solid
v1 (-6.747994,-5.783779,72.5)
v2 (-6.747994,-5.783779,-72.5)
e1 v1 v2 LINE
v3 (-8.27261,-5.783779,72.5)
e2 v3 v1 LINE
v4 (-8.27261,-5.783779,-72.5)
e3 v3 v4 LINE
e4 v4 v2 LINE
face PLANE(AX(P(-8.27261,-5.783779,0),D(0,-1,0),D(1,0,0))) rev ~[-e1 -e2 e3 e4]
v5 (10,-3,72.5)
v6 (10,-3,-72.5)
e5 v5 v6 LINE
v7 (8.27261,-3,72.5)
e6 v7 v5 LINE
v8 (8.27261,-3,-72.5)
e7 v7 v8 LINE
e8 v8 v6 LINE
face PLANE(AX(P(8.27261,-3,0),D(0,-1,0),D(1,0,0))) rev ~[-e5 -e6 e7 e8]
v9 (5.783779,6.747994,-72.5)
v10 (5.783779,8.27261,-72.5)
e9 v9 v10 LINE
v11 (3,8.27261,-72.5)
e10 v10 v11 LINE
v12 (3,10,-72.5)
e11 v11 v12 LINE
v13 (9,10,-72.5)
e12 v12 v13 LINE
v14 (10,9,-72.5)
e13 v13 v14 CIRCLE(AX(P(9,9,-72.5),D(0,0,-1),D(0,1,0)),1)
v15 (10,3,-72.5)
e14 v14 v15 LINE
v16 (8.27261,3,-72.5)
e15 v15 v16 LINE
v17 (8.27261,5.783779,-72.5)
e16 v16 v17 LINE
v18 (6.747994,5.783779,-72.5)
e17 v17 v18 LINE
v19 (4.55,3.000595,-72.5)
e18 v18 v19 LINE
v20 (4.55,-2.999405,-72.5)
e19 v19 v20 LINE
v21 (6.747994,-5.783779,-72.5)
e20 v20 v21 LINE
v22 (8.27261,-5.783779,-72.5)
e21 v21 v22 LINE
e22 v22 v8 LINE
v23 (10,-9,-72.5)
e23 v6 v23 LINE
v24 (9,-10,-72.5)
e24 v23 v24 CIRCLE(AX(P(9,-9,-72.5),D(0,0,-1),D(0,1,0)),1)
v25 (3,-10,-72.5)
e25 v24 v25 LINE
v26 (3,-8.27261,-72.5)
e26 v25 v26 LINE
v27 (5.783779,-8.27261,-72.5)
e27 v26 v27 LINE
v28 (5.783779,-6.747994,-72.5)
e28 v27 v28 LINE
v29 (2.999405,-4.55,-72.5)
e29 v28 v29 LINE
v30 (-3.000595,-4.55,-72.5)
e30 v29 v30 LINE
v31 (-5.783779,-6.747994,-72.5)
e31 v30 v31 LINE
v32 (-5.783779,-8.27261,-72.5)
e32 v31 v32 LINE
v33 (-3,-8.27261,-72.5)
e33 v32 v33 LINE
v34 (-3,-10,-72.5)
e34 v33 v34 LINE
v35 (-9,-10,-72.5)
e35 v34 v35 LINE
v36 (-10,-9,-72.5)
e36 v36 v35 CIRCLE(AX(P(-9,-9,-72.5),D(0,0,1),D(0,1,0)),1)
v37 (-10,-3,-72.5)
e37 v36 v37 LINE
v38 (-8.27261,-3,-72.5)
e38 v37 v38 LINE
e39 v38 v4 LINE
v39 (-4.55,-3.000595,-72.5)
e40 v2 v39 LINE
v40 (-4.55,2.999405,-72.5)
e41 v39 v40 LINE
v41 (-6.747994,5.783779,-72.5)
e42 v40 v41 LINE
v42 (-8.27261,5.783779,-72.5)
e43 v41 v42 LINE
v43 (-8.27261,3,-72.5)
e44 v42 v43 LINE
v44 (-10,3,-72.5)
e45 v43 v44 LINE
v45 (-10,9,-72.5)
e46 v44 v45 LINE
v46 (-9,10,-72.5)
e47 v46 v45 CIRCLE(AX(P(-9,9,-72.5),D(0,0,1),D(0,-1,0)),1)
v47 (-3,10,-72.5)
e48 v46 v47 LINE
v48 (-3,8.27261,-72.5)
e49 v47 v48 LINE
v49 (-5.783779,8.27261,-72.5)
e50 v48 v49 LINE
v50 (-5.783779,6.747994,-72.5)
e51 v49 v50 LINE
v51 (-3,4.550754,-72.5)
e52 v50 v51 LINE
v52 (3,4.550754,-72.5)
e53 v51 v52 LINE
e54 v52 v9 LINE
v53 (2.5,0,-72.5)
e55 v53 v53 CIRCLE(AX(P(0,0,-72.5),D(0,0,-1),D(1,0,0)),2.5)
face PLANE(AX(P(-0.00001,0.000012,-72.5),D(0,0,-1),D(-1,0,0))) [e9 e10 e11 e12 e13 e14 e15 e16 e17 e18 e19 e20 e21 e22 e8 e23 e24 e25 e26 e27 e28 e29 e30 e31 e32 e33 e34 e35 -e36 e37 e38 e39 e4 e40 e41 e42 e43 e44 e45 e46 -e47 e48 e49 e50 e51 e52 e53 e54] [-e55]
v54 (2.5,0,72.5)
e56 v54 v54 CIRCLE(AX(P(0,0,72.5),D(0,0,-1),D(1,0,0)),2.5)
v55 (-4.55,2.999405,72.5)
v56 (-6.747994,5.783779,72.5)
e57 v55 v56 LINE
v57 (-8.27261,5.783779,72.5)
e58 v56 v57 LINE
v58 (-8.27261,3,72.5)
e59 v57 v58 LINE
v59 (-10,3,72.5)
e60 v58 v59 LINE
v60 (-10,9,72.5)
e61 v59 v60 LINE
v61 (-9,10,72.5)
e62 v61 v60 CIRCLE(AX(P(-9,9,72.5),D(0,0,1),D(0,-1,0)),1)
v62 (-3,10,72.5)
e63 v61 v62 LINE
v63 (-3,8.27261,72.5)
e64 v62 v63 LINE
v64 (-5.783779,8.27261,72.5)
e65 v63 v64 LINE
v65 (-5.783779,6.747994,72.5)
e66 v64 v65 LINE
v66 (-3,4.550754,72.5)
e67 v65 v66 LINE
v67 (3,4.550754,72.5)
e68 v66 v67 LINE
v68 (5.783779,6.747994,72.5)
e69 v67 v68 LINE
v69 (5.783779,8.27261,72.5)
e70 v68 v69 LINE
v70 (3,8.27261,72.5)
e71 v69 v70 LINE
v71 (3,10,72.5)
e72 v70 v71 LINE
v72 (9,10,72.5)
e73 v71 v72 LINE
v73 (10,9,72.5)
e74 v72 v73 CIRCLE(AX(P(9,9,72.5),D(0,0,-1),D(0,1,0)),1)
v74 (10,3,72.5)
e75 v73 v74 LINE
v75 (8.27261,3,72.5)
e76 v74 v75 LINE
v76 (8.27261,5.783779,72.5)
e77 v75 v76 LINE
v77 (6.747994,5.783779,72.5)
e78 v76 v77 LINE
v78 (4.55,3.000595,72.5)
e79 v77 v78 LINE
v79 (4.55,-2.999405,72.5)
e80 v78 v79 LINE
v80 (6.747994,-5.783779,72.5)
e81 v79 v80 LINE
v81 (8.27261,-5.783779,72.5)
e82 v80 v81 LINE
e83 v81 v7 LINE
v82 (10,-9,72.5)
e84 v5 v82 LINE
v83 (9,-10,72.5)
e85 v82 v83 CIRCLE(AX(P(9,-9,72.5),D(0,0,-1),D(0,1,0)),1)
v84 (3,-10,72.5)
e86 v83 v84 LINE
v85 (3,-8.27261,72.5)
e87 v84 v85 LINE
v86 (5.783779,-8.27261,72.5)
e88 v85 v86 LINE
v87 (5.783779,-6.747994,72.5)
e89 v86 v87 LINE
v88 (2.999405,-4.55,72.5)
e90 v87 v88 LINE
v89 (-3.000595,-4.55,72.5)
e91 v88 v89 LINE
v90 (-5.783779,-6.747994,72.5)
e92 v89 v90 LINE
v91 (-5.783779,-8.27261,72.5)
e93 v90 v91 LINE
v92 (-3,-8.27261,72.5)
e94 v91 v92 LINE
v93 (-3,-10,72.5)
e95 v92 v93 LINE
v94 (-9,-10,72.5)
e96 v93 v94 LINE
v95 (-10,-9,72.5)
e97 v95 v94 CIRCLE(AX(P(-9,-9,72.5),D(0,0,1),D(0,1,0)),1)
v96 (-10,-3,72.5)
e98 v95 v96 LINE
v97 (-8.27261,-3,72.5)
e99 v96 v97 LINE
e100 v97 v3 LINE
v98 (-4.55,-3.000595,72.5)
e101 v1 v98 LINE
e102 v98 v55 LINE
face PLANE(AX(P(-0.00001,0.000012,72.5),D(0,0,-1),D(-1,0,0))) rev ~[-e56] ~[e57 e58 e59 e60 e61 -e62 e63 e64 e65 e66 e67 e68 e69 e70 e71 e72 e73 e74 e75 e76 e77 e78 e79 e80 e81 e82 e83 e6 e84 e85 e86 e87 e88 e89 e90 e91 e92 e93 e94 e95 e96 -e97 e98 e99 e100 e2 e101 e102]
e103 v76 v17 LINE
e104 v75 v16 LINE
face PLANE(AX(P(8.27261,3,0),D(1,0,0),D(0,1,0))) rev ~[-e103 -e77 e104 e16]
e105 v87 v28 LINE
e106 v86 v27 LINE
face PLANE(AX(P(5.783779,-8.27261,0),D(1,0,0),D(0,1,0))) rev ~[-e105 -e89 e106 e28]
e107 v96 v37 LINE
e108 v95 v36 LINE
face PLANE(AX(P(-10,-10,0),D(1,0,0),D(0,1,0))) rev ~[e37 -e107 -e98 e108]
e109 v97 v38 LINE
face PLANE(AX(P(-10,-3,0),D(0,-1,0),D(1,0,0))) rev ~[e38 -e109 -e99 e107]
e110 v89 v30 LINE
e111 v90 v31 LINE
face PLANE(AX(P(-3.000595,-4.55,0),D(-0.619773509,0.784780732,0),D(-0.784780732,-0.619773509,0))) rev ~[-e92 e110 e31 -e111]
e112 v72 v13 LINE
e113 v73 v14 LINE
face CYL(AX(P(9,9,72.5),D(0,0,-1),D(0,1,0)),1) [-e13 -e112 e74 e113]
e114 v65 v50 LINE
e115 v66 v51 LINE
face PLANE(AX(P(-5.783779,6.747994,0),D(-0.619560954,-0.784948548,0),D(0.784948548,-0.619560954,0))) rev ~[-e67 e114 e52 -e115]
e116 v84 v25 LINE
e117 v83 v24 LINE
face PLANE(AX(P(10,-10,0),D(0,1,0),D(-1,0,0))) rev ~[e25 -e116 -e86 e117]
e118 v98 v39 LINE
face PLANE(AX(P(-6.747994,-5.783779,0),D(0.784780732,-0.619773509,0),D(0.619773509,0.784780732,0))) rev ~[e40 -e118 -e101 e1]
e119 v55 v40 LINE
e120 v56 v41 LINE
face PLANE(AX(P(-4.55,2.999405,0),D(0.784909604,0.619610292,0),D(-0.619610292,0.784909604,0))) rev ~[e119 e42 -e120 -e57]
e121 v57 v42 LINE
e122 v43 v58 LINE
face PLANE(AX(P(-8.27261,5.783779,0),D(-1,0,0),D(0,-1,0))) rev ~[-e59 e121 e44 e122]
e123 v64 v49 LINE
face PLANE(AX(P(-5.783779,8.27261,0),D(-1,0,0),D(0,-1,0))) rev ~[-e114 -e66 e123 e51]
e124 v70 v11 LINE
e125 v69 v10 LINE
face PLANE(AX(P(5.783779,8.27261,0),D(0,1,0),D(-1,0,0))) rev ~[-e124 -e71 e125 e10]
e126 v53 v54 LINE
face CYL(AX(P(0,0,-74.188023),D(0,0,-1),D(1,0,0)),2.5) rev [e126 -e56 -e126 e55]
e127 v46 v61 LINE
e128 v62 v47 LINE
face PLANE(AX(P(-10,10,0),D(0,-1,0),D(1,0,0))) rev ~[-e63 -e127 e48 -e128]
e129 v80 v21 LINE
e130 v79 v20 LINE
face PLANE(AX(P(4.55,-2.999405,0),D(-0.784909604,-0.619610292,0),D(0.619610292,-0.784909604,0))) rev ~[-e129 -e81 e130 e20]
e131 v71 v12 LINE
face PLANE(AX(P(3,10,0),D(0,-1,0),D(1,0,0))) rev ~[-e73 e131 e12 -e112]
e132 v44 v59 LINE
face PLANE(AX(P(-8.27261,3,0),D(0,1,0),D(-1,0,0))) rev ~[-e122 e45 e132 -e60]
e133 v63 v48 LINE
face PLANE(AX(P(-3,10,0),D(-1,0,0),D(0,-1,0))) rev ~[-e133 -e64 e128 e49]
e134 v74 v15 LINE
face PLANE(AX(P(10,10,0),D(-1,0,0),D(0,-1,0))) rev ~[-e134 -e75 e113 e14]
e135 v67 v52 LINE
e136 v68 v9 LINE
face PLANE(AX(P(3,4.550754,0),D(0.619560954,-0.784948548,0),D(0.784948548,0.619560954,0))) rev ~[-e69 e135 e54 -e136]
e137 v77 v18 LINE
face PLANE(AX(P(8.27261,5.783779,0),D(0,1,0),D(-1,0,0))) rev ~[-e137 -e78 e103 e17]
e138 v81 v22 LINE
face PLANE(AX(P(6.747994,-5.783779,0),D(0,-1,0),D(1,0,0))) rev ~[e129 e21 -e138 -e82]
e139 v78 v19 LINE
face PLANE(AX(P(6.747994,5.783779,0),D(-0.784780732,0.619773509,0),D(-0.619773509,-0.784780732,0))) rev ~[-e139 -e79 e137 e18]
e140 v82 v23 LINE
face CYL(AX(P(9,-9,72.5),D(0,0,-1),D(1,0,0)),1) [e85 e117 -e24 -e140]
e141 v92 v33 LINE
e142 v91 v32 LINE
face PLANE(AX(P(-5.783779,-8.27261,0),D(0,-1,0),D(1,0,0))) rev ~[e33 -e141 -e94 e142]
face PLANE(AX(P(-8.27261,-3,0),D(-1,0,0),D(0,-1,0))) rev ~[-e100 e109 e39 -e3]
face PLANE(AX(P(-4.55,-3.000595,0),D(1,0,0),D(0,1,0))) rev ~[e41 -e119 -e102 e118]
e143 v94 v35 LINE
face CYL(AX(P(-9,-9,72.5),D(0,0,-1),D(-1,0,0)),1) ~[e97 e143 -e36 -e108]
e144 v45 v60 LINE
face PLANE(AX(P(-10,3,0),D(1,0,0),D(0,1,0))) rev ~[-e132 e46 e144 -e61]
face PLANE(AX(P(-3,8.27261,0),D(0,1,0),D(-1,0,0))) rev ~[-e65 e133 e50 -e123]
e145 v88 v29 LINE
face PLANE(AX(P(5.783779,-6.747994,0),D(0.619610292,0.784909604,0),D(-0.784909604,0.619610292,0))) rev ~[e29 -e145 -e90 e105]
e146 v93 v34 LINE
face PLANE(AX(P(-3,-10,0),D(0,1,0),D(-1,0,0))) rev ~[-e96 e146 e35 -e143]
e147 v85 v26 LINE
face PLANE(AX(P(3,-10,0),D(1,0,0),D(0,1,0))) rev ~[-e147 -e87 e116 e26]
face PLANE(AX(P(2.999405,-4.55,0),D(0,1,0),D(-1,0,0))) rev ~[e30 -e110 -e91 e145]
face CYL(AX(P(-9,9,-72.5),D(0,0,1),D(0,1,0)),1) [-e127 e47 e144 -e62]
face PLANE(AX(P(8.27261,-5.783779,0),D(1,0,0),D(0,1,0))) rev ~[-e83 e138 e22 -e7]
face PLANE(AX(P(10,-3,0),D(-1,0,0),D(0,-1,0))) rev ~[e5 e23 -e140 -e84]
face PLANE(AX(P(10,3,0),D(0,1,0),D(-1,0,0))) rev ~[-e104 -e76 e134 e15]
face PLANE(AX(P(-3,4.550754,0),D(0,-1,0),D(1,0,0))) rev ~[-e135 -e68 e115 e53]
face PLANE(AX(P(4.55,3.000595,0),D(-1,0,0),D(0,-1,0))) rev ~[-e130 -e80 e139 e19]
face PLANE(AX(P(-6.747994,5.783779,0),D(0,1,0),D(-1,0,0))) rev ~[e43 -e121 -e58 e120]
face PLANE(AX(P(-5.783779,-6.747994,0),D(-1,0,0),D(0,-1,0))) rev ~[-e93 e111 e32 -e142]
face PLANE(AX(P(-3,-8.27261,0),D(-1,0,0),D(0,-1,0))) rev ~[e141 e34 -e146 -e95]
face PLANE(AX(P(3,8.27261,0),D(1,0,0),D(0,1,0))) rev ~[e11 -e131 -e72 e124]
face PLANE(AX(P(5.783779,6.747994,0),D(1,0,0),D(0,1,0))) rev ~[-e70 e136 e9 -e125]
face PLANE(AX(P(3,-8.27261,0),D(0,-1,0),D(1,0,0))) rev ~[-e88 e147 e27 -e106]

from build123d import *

# Parameters (mm, degrees)
BOSS_EXTRUDE1_DEPTH     = 72.5
CUT_EXTRUDE1_DEPTH      = 146.688022843
CUT_EXTRUDE1_DEPTH_BACK = 146.688022843
SKETCH2_R               = 2.5
FILLET1_R               = 1


with BuildPart() as part:
    # Sketch1 → Boss-Extrude1 (new, symmetric)
    with BuildSketch(Plane.XY):
        Polygon((-10, 10), (-3, 10), (-3, 8.272610059), (-5.783778863, 8.272610059), (-5.783778863, 6.747994248), (-3, 4.550753814), (3, 4.550753814), (5.783778863, 6.747994248), (5.783778863, 8.272610059), (3, 8.272610059), (3, 10), (10, 10), (10, 3), (8.272610059, 3), (8.272610059, 5.783778863), (6.747994248, 5.783778863), (4.55, 3.000595152), (4.55, -2.999404848), (6.747994248, -5.783778863), (8.272610059, -5.783778863), (8.272610059, -3), (10, -3), (10, -10), (3, -10), (3, -8.272610059), (5.783778863, -8.272610059), (5.783778863, -6.747994248), (2.999404848, -4.55), (-3.000595152, -4.55), (-5.783778863, -6.747994248), (-5.783778863, -8.272610059), (-3, -8.272610059), (-3, -10), (-10, -10), (-10, -3), (-8.272610059, -3), (-8.272610059, -5.783778863), (-6.747994248, -5.783778863), (-4.55, -3.000595152), (-4.55, 2.999404848), (-6.747994248, 5.783778863), (-8.272610059, 5.783778863), (-8.272610059, 3), (-10, 3), align=None)
    extrude(amount=BOSS_EXTRUDE1_DEPTH, both=True)

    # Sketch2 → Cut-Extrude1 (cut, two sides: drawn at the far end of the back side and taken through both)
    with BuildSketch(Plane.XY.offset(72.5).offset(-CUT_EXTRUDE1_DEPTH_BACK)):
        Circle(SKETCH2_R)
    extrude(amount=CUT_EXTRUDE1_DEPTH + CUT_EXTRUDE1_DEPTH_BACK, mode=Mode.SUBTRACT)

    # Fillet1
    fillet1_edges = [part.edges().sort_by_distance(p)[0] for p in [
        (-10, 10, 0),
        (10, 10, 0),
        (10, -10, 0),
        (-10, -10, 0),
    ]]
    fillet(fillet1_edges, radius=FILLET1_R)


solid = part.part
